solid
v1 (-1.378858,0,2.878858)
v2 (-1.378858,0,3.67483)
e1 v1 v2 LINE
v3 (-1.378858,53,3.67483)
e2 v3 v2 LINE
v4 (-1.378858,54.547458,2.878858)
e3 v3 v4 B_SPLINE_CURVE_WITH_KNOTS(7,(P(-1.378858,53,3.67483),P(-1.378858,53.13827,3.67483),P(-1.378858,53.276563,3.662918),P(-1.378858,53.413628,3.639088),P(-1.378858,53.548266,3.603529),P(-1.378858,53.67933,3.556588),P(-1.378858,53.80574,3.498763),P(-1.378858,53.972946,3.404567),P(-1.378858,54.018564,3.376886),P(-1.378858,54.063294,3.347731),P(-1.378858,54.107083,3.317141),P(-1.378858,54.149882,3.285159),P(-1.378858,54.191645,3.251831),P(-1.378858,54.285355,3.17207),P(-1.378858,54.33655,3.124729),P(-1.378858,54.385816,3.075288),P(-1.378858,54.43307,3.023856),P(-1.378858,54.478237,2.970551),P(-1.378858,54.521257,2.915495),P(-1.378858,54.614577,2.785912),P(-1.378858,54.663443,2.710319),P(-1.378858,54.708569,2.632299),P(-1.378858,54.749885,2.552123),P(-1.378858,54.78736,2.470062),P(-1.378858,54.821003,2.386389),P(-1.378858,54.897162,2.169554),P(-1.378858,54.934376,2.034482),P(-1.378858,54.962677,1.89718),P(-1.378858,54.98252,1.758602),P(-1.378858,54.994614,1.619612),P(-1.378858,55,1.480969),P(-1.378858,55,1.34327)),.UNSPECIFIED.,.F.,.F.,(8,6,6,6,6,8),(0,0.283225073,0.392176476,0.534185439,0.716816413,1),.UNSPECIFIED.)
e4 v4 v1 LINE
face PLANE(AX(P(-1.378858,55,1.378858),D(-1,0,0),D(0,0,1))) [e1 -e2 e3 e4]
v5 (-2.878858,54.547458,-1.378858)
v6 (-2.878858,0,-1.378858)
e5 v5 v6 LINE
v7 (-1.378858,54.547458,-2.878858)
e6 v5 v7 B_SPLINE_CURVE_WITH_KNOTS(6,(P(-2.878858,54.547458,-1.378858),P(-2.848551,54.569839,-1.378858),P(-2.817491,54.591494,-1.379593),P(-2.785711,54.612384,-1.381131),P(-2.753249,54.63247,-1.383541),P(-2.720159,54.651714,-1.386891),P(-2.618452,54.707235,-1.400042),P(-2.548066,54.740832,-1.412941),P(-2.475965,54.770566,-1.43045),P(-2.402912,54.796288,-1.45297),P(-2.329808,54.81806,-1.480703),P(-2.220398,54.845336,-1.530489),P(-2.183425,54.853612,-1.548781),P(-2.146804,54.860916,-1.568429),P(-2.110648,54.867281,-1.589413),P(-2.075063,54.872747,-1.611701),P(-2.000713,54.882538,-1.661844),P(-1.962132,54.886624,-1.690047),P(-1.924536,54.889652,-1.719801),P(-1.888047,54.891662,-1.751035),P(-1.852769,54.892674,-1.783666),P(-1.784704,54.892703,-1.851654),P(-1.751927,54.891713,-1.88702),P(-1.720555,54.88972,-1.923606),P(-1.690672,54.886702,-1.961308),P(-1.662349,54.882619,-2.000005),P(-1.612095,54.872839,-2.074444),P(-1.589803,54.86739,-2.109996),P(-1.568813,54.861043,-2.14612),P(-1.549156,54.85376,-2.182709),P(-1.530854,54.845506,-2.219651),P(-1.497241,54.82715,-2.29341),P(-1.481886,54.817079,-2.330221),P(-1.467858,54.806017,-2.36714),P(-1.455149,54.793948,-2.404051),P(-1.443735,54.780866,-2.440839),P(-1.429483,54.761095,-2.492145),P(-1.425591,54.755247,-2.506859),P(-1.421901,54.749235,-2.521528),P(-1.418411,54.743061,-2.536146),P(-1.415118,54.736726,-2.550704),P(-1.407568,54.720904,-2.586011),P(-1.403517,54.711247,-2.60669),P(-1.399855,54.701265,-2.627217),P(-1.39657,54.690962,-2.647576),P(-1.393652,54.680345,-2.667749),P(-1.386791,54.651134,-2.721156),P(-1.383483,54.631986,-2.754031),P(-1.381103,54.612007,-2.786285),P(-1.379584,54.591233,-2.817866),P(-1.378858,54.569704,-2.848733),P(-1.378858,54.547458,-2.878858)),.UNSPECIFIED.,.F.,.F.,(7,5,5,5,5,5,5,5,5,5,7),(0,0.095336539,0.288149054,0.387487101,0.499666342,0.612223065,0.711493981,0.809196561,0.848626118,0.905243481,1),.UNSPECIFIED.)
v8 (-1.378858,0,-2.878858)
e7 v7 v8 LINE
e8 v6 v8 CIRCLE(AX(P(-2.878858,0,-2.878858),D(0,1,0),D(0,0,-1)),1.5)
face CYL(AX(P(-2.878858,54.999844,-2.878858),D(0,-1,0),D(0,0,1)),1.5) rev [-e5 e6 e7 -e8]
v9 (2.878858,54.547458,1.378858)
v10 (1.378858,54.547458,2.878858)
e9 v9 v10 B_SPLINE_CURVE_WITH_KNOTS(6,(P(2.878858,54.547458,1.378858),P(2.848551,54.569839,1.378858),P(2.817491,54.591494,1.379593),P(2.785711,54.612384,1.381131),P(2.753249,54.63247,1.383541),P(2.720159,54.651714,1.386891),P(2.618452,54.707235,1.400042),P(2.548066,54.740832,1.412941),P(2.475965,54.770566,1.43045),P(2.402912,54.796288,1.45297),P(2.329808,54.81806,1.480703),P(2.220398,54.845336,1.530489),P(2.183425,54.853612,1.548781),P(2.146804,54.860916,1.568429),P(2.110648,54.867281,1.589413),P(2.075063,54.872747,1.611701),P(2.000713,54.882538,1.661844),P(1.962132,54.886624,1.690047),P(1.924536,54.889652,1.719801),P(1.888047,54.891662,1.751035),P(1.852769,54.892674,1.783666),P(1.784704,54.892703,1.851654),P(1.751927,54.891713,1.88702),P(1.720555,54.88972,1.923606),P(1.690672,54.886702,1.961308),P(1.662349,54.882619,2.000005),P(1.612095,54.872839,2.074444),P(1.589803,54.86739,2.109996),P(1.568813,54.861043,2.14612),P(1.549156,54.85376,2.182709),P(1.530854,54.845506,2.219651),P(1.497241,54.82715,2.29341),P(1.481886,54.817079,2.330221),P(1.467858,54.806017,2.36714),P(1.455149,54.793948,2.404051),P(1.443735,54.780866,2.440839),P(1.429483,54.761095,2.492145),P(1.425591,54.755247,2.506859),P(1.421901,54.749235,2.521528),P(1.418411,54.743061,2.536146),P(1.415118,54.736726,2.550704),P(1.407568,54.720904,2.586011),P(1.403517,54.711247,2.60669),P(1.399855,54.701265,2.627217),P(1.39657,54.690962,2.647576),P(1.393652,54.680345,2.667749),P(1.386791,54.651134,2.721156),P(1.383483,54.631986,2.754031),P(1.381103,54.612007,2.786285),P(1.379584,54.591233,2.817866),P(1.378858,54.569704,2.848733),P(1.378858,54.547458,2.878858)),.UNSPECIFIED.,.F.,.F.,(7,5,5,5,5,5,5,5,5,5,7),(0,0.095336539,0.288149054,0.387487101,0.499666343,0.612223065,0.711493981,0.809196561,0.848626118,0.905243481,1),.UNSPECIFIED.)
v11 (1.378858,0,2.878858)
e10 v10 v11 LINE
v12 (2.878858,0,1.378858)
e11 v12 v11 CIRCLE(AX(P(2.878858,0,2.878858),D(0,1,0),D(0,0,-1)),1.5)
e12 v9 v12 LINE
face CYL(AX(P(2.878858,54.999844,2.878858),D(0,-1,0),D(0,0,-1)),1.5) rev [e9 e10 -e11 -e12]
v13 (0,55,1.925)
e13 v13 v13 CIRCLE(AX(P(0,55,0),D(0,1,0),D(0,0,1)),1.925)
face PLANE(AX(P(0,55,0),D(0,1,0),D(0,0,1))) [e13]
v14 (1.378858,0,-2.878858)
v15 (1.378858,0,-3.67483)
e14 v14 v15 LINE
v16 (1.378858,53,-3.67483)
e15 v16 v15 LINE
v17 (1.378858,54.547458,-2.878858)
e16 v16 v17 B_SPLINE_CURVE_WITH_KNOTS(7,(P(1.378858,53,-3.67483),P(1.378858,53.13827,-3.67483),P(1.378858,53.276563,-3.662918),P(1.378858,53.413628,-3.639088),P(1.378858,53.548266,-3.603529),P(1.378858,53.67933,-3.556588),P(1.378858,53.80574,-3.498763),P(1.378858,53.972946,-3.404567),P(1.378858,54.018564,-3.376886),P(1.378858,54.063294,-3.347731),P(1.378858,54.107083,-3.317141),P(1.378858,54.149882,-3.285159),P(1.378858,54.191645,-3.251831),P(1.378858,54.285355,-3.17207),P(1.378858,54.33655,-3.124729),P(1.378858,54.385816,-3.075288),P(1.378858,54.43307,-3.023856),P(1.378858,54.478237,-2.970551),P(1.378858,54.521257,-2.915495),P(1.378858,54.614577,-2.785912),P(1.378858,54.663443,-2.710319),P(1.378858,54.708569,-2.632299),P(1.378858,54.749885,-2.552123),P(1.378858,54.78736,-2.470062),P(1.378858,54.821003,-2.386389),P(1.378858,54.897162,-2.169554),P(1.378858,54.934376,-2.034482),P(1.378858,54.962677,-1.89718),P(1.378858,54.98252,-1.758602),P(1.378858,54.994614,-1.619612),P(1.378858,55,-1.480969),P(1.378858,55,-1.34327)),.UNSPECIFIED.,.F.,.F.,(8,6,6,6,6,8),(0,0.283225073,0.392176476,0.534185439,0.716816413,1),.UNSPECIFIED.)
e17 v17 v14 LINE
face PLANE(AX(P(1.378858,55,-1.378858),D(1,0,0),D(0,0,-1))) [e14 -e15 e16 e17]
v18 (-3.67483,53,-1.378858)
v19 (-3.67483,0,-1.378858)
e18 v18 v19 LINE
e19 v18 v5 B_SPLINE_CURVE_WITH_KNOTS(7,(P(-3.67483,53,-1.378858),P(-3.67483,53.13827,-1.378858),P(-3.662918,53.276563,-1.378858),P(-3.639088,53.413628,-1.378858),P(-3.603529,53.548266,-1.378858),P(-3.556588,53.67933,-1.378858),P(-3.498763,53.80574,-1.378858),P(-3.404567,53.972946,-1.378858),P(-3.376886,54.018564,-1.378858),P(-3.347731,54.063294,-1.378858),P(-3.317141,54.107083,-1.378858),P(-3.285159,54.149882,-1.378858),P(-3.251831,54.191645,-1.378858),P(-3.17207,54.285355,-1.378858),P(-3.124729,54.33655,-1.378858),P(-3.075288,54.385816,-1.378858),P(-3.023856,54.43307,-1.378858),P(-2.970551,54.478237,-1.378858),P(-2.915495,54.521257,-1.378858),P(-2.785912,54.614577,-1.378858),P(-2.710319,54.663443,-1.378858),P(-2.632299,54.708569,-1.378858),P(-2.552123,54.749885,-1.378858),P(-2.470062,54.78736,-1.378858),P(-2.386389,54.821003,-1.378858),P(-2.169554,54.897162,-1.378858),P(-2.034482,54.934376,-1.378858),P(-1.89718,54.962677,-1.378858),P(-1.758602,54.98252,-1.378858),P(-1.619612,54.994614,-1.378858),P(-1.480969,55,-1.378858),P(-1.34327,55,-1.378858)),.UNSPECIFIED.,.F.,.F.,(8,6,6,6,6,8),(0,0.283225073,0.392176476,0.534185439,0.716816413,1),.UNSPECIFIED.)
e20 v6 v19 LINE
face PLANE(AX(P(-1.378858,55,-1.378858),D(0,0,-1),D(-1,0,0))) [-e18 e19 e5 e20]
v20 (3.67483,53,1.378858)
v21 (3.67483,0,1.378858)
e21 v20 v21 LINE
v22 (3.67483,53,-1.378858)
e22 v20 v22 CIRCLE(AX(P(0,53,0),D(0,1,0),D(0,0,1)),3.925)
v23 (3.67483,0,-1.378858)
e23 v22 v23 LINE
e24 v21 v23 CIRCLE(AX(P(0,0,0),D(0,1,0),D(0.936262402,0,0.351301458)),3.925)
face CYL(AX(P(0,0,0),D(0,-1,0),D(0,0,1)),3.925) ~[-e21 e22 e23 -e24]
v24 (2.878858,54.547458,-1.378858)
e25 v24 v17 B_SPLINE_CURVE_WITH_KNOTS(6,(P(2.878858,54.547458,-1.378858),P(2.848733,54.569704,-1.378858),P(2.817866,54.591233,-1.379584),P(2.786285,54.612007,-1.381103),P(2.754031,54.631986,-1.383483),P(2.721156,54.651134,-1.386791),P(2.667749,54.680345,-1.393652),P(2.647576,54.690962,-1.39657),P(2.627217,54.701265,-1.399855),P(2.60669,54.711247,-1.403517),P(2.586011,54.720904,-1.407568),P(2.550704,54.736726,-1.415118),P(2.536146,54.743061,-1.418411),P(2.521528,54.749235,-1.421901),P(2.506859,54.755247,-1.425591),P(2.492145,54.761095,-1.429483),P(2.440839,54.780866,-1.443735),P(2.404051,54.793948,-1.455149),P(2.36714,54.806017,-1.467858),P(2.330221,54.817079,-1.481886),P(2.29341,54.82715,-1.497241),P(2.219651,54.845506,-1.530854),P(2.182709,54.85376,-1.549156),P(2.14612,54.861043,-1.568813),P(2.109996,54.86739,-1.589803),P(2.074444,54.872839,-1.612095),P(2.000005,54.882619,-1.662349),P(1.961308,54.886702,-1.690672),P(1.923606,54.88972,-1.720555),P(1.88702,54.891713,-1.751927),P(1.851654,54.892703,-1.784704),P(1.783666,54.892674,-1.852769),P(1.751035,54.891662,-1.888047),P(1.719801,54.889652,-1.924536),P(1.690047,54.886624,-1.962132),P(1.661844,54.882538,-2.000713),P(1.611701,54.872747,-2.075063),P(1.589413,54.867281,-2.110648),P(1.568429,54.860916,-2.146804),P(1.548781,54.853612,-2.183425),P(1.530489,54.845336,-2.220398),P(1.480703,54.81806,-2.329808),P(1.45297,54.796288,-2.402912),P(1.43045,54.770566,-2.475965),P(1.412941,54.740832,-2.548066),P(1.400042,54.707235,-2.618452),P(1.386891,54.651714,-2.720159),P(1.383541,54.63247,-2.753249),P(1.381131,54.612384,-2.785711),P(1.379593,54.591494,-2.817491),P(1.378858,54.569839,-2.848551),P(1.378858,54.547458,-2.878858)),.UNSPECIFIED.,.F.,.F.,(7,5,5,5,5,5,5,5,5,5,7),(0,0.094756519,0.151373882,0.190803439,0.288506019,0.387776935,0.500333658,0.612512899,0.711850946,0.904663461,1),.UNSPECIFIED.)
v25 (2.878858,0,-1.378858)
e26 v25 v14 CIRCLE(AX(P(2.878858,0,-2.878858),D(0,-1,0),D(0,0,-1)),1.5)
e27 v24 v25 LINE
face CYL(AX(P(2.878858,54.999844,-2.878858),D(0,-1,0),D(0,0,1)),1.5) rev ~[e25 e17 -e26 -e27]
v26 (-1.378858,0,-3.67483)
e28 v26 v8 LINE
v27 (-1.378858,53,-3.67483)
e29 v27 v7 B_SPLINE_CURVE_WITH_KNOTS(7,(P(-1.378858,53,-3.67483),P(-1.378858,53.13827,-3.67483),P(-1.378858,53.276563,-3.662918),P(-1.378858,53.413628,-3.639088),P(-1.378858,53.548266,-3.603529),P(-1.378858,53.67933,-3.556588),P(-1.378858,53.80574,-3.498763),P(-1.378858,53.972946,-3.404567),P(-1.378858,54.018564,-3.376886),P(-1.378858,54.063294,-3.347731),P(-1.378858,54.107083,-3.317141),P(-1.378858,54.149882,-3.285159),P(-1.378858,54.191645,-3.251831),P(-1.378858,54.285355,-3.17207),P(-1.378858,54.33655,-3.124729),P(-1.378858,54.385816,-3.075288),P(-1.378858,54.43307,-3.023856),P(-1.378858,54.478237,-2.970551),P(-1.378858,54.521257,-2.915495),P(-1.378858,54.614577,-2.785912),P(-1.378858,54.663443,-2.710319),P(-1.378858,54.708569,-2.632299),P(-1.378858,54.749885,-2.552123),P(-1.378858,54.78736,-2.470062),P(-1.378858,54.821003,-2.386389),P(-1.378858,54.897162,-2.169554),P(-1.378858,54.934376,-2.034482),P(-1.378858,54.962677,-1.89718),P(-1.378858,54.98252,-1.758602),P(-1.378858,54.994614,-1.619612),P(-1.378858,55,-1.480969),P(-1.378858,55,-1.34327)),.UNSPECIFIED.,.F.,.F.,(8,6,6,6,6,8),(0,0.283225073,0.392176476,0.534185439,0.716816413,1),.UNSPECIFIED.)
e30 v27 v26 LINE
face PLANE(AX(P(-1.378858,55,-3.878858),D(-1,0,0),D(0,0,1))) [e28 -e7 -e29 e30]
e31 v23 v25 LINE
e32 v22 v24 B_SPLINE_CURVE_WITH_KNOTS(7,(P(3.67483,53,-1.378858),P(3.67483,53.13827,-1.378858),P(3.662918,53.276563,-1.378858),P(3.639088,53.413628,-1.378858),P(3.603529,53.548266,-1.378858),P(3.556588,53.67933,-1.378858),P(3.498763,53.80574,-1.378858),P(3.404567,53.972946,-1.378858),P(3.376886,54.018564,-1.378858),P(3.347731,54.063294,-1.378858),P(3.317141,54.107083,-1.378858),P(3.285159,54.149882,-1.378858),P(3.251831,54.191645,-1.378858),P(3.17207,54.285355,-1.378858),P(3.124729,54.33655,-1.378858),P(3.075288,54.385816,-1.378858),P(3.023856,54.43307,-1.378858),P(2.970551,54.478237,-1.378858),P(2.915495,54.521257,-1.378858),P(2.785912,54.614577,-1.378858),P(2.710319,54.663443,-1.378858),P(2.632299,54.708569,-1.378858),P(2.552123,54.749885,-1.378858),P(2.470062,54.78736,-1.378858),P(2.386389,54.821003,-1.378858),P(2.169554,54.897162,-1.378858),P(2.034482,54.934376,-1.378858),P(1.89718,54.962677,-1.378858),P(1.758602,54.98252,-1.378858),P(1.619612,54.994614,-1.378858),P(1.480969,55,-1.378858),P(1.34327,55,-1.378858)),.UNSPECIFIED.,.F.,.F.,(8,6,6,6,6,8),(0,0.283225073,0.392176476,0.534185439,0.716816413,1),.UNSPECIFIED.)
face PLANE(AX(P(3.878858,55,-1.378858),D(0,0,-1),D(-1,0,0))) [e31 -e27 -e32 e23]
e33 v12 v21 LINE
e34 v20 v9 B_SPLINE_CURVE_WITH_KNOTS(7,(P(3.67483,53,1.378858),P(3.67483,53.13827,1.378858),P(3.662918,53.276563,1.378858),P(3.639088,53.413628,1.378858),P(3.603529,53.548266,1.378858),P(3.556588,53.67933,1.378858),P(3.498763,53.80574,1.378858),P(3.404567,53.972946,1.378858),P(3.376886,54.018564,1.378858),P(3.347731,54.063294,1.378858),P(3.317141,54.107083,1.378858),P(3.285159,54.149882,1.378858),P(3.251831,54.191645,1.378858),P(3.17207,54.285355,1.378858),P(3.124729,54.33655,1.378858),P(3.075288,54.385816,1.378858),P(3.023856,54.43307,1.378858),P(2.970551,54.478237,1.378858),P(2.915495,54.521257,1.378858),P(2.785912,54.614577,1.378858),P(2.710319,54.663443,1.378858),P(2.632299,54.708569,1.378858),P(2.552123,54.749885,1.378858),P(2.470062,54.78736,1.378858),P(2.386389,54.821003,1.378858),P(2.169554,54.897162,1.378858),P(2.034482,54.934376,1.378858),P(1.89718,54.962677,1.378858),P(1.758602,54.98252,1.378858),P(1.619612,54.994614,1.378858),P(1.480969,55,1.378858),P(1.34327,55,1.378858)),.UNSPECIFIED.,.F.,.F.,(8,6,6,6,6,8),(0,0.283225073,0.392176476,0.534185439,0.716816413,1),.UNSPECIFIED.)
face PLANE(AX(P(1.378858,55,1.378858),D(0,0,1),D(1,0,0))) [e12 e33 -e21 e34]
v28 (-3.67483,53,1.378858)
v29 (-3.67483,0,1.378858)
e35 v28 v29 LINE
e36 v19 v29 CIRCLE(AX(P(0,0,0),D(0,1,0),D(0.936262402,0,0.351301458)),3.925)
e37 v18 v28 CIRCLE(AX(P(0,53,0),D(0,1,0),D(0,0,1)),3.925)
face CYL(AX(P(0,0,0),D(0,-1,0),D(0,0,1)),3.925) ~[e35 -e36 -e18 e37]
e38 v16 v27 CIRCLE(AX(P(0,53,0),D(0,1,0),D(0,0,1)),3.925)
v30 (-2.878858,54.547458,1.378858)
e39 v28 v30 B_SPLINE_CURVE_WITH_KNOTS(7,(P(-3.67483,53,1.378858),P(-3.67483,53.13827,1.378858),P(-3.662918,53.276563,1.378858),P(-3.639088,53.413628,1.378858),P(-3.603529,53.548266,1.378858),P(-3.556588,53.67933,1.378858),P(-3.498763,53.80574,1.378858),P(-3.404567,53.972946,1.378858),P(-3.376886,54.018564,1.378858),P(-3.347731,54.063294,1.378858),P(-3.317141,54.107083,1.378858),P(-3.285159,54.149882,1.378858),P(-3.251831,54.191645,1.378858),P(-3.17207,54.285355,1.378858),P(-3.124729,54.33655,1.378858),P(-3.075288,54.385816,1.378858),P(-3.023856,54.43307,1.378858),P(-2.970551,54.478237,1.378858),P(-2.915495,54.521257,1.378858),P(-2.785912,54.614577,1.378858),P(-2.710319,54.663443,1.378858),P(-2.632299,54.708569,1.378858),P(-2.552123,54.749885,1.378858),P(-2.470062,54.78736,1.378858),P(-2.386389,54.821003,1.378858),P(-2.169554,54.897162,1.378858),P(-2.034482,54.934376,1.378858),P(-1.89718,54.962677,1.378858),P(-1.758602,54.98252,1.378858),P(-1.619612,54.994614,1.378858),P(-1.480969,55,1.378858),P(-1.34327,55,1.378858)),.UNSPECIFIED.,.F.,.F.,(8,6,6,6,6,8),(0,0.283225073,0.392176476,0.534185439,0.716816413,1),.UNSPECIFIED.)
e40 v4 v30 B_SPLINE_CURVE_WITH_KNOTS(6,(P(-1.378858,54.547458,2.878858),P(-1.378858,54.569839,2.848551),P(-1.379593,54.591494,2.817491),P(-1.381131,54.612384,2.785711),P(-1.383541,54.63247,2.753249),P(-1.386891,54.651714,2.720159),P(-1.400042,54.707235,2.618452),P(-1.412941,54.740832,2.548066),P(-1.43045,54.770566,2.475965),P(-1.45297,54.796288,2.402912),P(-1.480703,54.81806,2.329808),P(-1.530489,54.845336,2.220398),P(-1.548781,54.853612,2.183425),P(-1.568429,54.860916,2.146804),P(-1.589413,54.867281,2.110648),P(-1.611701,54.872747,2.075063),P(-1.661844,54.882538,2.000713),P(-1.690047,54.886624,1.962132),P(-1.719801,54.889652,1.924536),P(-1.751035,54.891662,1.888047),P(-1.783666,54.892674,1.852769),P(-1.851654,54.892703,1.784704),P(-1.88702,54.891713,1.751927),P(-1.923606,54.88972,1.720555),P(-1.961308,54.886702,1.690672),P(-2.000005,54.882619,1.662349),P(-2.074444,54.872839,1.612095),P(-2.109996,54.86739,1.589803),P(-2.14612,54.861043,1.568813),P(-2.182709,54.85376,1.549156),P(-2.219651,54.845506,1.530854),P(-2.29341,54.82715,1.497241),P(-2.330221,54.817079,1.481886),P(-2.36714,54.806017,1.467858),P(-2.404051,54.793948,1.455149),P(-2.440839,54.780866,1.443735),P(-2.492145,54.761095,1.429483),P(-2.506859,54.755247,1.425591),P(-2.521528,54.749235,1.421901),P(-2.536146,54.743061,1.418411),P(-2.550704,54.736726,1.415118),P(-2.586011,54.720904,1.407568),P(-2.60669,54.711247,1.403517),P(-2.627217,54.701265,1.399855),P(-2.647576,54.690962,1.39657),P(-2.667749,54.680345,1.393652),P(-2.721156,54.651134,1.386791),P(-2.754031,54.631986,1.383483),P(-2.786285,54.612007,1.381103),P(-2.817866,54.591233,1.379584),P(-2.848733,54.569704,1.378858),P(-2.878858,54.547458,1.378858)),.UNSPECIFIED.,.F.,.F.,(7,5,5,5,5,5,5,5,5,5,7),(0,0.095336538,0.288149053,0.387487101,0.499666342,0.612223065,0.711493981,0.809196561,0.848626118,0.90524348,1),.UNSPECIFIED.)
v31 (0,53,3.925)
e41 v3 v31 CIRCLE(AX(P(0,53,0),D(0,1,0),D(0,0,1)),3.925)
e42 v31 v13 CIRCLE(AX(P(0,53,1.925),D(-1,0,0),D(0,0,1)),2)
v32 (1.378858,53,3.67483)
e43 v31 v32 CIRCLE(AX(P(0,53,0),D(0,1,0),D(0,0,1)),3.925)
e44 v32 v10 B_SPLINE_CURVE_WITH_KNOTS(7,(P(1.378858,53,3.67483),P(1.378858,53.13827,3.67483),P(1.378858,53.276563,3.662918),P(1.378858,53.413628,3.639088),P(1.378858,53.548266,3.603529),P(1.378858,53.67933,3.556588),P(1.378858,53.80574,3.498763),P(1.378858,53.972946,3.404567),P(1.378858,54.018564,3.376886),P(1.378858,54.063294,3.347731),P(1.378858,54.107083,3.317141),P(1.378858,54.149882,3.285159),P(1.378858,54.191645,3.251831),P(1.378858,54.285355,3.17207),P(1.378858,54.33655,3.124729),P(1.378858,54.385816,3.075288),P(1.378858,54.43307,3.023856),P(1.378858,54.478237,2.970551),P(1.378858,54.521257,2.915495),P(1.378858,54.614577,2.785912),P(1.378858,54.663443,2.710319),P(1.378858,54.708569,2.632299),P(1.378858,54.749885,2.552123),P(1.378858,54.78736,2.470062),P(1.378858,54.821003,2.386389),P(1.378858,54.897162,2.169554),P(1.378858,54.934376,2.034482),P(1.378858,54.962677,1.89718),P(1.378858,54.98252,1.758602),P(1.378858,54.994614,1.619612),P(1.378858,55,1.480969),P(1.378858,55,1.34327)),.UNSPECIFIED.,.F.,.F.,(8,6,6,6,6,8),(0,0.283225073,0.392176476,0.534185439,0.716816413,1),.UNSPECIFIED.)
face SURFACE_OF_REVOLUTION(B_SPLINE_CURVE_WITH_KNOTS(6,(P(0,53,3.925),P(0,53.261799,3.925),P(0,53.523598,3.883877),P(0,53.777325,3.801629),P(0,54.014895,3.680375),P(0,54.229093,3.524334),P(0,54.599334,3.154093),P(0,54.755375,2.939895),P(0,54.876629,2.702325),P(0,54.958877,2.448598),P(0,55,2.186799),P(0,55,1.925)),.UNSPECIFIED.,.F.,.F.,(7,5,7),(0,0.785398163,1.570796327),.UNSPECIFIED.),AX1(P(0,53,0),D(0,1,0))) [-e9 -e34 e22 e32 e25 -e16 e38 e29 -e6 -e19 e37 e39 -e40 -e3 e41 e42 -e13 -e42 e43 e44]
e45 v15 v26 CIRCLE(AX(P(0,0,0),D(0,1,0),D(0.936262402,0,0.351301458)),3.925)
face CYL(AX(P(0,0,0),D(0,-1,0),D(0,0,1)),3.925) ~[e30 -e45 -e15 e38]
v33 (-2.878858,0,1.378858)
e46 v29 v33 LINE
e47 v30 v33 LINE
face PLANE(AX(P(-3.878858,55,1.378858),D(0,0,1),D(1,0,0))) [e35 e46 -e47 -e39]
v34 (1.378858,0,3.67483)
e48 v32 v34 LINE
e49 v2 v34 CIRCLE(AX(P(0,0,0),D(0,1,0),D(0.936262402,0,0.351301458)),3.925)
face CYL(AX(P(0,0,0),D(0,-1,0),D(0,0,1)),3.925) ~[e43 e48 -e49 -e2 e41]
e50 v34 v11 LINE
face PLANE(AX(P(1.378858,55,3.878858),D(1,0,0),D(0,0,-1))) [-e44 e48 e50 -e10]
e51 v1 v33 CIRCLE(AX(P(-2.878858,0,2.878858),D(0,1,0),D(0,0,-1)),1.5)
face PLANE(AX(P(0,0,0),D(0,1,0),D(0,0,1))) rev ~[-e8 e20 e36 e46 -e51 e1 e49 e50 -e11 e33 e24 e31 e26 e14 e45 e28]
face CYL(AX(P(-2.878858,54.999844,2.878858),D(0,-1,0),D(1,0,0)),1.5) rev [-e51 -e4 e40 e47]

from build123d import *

# Parameters (mm, degrees)
SKETCH1_R           = 3.925
BOSS_EXTRUDE1_DEPTH = 55
FILLET1_R           = 2
SKETCH2_W           = 2.5
SKETCH2_H           = 2.5
CUT_EXTRUDE1_DEPTH  = 56.279392634
CIRPATTERN1_COUNT   = 4
FILLET2_R           = 1.5


with BuildPart() as part:
    # Sketch1 → Boss-Extrude1 (new body)
    with BuildSketch(Plane(origin=(0, 0, 0), x_dir=(1, 0, 0), z_dir=(0, 1, 0))):
        with Locations(Location((0, 0, 0), (0, 0, 270))):
            Circle(SKETCH1_R)
    extrude(amount=BOSS_EXTRUDE1_DEPTH)

    # Fillet1
    fillet1_edges = [part.edges().sort_by_distance(p)[0] for p in [
        (0, 55, -3.925),
    ]]
    fillet(fillet1_edges, radius=FILLET1_R)

    # Sketch2 → Cut-Extrude1 (cut, through all)
    with BuildSketch(Plane(origin=(0, 55, 0), x_dir=(1, 0, 0), z_dir=(0, 1, 0))):
        with Locations((2.628858223, -2.628858223)):
            Rectangle(SKETCH2_W, SKETCH2_H)
    cut_extrude1 = extrude(amount=-CUT_EXTRUDE1_DEPTH, mode=Mode.SUBTRACT)

    # CirPattern1: Cut-Extrude1 ×4 about axis
    cirpattern1_axis = Axis((0, 0, 0), (0, 1, 0))
    for i in range(1, CIRPATTERN1_COUNT):
        add(cut_extrude1.rotate(cirpattern1_axis, i * 360 / CIRPATTERN1_COUNT), mode=Mode.SUBTRACT)

    # Fillet2
    fillet2_edges = [part.edges().sort_by_distance(p)[0] for p in [
        (1.378858223, 27.499921872, -1.378858223),
        (-1.378858223, 27.499921872, -1.378858223),
        (-1.378858223, 27.499921872, 1.378858223),
        (1.378858223, 27.499921872, 1.378858223),
    ]]
    fillet(fillet2_edges, radius=FILLET2_R)


solid = part.part
